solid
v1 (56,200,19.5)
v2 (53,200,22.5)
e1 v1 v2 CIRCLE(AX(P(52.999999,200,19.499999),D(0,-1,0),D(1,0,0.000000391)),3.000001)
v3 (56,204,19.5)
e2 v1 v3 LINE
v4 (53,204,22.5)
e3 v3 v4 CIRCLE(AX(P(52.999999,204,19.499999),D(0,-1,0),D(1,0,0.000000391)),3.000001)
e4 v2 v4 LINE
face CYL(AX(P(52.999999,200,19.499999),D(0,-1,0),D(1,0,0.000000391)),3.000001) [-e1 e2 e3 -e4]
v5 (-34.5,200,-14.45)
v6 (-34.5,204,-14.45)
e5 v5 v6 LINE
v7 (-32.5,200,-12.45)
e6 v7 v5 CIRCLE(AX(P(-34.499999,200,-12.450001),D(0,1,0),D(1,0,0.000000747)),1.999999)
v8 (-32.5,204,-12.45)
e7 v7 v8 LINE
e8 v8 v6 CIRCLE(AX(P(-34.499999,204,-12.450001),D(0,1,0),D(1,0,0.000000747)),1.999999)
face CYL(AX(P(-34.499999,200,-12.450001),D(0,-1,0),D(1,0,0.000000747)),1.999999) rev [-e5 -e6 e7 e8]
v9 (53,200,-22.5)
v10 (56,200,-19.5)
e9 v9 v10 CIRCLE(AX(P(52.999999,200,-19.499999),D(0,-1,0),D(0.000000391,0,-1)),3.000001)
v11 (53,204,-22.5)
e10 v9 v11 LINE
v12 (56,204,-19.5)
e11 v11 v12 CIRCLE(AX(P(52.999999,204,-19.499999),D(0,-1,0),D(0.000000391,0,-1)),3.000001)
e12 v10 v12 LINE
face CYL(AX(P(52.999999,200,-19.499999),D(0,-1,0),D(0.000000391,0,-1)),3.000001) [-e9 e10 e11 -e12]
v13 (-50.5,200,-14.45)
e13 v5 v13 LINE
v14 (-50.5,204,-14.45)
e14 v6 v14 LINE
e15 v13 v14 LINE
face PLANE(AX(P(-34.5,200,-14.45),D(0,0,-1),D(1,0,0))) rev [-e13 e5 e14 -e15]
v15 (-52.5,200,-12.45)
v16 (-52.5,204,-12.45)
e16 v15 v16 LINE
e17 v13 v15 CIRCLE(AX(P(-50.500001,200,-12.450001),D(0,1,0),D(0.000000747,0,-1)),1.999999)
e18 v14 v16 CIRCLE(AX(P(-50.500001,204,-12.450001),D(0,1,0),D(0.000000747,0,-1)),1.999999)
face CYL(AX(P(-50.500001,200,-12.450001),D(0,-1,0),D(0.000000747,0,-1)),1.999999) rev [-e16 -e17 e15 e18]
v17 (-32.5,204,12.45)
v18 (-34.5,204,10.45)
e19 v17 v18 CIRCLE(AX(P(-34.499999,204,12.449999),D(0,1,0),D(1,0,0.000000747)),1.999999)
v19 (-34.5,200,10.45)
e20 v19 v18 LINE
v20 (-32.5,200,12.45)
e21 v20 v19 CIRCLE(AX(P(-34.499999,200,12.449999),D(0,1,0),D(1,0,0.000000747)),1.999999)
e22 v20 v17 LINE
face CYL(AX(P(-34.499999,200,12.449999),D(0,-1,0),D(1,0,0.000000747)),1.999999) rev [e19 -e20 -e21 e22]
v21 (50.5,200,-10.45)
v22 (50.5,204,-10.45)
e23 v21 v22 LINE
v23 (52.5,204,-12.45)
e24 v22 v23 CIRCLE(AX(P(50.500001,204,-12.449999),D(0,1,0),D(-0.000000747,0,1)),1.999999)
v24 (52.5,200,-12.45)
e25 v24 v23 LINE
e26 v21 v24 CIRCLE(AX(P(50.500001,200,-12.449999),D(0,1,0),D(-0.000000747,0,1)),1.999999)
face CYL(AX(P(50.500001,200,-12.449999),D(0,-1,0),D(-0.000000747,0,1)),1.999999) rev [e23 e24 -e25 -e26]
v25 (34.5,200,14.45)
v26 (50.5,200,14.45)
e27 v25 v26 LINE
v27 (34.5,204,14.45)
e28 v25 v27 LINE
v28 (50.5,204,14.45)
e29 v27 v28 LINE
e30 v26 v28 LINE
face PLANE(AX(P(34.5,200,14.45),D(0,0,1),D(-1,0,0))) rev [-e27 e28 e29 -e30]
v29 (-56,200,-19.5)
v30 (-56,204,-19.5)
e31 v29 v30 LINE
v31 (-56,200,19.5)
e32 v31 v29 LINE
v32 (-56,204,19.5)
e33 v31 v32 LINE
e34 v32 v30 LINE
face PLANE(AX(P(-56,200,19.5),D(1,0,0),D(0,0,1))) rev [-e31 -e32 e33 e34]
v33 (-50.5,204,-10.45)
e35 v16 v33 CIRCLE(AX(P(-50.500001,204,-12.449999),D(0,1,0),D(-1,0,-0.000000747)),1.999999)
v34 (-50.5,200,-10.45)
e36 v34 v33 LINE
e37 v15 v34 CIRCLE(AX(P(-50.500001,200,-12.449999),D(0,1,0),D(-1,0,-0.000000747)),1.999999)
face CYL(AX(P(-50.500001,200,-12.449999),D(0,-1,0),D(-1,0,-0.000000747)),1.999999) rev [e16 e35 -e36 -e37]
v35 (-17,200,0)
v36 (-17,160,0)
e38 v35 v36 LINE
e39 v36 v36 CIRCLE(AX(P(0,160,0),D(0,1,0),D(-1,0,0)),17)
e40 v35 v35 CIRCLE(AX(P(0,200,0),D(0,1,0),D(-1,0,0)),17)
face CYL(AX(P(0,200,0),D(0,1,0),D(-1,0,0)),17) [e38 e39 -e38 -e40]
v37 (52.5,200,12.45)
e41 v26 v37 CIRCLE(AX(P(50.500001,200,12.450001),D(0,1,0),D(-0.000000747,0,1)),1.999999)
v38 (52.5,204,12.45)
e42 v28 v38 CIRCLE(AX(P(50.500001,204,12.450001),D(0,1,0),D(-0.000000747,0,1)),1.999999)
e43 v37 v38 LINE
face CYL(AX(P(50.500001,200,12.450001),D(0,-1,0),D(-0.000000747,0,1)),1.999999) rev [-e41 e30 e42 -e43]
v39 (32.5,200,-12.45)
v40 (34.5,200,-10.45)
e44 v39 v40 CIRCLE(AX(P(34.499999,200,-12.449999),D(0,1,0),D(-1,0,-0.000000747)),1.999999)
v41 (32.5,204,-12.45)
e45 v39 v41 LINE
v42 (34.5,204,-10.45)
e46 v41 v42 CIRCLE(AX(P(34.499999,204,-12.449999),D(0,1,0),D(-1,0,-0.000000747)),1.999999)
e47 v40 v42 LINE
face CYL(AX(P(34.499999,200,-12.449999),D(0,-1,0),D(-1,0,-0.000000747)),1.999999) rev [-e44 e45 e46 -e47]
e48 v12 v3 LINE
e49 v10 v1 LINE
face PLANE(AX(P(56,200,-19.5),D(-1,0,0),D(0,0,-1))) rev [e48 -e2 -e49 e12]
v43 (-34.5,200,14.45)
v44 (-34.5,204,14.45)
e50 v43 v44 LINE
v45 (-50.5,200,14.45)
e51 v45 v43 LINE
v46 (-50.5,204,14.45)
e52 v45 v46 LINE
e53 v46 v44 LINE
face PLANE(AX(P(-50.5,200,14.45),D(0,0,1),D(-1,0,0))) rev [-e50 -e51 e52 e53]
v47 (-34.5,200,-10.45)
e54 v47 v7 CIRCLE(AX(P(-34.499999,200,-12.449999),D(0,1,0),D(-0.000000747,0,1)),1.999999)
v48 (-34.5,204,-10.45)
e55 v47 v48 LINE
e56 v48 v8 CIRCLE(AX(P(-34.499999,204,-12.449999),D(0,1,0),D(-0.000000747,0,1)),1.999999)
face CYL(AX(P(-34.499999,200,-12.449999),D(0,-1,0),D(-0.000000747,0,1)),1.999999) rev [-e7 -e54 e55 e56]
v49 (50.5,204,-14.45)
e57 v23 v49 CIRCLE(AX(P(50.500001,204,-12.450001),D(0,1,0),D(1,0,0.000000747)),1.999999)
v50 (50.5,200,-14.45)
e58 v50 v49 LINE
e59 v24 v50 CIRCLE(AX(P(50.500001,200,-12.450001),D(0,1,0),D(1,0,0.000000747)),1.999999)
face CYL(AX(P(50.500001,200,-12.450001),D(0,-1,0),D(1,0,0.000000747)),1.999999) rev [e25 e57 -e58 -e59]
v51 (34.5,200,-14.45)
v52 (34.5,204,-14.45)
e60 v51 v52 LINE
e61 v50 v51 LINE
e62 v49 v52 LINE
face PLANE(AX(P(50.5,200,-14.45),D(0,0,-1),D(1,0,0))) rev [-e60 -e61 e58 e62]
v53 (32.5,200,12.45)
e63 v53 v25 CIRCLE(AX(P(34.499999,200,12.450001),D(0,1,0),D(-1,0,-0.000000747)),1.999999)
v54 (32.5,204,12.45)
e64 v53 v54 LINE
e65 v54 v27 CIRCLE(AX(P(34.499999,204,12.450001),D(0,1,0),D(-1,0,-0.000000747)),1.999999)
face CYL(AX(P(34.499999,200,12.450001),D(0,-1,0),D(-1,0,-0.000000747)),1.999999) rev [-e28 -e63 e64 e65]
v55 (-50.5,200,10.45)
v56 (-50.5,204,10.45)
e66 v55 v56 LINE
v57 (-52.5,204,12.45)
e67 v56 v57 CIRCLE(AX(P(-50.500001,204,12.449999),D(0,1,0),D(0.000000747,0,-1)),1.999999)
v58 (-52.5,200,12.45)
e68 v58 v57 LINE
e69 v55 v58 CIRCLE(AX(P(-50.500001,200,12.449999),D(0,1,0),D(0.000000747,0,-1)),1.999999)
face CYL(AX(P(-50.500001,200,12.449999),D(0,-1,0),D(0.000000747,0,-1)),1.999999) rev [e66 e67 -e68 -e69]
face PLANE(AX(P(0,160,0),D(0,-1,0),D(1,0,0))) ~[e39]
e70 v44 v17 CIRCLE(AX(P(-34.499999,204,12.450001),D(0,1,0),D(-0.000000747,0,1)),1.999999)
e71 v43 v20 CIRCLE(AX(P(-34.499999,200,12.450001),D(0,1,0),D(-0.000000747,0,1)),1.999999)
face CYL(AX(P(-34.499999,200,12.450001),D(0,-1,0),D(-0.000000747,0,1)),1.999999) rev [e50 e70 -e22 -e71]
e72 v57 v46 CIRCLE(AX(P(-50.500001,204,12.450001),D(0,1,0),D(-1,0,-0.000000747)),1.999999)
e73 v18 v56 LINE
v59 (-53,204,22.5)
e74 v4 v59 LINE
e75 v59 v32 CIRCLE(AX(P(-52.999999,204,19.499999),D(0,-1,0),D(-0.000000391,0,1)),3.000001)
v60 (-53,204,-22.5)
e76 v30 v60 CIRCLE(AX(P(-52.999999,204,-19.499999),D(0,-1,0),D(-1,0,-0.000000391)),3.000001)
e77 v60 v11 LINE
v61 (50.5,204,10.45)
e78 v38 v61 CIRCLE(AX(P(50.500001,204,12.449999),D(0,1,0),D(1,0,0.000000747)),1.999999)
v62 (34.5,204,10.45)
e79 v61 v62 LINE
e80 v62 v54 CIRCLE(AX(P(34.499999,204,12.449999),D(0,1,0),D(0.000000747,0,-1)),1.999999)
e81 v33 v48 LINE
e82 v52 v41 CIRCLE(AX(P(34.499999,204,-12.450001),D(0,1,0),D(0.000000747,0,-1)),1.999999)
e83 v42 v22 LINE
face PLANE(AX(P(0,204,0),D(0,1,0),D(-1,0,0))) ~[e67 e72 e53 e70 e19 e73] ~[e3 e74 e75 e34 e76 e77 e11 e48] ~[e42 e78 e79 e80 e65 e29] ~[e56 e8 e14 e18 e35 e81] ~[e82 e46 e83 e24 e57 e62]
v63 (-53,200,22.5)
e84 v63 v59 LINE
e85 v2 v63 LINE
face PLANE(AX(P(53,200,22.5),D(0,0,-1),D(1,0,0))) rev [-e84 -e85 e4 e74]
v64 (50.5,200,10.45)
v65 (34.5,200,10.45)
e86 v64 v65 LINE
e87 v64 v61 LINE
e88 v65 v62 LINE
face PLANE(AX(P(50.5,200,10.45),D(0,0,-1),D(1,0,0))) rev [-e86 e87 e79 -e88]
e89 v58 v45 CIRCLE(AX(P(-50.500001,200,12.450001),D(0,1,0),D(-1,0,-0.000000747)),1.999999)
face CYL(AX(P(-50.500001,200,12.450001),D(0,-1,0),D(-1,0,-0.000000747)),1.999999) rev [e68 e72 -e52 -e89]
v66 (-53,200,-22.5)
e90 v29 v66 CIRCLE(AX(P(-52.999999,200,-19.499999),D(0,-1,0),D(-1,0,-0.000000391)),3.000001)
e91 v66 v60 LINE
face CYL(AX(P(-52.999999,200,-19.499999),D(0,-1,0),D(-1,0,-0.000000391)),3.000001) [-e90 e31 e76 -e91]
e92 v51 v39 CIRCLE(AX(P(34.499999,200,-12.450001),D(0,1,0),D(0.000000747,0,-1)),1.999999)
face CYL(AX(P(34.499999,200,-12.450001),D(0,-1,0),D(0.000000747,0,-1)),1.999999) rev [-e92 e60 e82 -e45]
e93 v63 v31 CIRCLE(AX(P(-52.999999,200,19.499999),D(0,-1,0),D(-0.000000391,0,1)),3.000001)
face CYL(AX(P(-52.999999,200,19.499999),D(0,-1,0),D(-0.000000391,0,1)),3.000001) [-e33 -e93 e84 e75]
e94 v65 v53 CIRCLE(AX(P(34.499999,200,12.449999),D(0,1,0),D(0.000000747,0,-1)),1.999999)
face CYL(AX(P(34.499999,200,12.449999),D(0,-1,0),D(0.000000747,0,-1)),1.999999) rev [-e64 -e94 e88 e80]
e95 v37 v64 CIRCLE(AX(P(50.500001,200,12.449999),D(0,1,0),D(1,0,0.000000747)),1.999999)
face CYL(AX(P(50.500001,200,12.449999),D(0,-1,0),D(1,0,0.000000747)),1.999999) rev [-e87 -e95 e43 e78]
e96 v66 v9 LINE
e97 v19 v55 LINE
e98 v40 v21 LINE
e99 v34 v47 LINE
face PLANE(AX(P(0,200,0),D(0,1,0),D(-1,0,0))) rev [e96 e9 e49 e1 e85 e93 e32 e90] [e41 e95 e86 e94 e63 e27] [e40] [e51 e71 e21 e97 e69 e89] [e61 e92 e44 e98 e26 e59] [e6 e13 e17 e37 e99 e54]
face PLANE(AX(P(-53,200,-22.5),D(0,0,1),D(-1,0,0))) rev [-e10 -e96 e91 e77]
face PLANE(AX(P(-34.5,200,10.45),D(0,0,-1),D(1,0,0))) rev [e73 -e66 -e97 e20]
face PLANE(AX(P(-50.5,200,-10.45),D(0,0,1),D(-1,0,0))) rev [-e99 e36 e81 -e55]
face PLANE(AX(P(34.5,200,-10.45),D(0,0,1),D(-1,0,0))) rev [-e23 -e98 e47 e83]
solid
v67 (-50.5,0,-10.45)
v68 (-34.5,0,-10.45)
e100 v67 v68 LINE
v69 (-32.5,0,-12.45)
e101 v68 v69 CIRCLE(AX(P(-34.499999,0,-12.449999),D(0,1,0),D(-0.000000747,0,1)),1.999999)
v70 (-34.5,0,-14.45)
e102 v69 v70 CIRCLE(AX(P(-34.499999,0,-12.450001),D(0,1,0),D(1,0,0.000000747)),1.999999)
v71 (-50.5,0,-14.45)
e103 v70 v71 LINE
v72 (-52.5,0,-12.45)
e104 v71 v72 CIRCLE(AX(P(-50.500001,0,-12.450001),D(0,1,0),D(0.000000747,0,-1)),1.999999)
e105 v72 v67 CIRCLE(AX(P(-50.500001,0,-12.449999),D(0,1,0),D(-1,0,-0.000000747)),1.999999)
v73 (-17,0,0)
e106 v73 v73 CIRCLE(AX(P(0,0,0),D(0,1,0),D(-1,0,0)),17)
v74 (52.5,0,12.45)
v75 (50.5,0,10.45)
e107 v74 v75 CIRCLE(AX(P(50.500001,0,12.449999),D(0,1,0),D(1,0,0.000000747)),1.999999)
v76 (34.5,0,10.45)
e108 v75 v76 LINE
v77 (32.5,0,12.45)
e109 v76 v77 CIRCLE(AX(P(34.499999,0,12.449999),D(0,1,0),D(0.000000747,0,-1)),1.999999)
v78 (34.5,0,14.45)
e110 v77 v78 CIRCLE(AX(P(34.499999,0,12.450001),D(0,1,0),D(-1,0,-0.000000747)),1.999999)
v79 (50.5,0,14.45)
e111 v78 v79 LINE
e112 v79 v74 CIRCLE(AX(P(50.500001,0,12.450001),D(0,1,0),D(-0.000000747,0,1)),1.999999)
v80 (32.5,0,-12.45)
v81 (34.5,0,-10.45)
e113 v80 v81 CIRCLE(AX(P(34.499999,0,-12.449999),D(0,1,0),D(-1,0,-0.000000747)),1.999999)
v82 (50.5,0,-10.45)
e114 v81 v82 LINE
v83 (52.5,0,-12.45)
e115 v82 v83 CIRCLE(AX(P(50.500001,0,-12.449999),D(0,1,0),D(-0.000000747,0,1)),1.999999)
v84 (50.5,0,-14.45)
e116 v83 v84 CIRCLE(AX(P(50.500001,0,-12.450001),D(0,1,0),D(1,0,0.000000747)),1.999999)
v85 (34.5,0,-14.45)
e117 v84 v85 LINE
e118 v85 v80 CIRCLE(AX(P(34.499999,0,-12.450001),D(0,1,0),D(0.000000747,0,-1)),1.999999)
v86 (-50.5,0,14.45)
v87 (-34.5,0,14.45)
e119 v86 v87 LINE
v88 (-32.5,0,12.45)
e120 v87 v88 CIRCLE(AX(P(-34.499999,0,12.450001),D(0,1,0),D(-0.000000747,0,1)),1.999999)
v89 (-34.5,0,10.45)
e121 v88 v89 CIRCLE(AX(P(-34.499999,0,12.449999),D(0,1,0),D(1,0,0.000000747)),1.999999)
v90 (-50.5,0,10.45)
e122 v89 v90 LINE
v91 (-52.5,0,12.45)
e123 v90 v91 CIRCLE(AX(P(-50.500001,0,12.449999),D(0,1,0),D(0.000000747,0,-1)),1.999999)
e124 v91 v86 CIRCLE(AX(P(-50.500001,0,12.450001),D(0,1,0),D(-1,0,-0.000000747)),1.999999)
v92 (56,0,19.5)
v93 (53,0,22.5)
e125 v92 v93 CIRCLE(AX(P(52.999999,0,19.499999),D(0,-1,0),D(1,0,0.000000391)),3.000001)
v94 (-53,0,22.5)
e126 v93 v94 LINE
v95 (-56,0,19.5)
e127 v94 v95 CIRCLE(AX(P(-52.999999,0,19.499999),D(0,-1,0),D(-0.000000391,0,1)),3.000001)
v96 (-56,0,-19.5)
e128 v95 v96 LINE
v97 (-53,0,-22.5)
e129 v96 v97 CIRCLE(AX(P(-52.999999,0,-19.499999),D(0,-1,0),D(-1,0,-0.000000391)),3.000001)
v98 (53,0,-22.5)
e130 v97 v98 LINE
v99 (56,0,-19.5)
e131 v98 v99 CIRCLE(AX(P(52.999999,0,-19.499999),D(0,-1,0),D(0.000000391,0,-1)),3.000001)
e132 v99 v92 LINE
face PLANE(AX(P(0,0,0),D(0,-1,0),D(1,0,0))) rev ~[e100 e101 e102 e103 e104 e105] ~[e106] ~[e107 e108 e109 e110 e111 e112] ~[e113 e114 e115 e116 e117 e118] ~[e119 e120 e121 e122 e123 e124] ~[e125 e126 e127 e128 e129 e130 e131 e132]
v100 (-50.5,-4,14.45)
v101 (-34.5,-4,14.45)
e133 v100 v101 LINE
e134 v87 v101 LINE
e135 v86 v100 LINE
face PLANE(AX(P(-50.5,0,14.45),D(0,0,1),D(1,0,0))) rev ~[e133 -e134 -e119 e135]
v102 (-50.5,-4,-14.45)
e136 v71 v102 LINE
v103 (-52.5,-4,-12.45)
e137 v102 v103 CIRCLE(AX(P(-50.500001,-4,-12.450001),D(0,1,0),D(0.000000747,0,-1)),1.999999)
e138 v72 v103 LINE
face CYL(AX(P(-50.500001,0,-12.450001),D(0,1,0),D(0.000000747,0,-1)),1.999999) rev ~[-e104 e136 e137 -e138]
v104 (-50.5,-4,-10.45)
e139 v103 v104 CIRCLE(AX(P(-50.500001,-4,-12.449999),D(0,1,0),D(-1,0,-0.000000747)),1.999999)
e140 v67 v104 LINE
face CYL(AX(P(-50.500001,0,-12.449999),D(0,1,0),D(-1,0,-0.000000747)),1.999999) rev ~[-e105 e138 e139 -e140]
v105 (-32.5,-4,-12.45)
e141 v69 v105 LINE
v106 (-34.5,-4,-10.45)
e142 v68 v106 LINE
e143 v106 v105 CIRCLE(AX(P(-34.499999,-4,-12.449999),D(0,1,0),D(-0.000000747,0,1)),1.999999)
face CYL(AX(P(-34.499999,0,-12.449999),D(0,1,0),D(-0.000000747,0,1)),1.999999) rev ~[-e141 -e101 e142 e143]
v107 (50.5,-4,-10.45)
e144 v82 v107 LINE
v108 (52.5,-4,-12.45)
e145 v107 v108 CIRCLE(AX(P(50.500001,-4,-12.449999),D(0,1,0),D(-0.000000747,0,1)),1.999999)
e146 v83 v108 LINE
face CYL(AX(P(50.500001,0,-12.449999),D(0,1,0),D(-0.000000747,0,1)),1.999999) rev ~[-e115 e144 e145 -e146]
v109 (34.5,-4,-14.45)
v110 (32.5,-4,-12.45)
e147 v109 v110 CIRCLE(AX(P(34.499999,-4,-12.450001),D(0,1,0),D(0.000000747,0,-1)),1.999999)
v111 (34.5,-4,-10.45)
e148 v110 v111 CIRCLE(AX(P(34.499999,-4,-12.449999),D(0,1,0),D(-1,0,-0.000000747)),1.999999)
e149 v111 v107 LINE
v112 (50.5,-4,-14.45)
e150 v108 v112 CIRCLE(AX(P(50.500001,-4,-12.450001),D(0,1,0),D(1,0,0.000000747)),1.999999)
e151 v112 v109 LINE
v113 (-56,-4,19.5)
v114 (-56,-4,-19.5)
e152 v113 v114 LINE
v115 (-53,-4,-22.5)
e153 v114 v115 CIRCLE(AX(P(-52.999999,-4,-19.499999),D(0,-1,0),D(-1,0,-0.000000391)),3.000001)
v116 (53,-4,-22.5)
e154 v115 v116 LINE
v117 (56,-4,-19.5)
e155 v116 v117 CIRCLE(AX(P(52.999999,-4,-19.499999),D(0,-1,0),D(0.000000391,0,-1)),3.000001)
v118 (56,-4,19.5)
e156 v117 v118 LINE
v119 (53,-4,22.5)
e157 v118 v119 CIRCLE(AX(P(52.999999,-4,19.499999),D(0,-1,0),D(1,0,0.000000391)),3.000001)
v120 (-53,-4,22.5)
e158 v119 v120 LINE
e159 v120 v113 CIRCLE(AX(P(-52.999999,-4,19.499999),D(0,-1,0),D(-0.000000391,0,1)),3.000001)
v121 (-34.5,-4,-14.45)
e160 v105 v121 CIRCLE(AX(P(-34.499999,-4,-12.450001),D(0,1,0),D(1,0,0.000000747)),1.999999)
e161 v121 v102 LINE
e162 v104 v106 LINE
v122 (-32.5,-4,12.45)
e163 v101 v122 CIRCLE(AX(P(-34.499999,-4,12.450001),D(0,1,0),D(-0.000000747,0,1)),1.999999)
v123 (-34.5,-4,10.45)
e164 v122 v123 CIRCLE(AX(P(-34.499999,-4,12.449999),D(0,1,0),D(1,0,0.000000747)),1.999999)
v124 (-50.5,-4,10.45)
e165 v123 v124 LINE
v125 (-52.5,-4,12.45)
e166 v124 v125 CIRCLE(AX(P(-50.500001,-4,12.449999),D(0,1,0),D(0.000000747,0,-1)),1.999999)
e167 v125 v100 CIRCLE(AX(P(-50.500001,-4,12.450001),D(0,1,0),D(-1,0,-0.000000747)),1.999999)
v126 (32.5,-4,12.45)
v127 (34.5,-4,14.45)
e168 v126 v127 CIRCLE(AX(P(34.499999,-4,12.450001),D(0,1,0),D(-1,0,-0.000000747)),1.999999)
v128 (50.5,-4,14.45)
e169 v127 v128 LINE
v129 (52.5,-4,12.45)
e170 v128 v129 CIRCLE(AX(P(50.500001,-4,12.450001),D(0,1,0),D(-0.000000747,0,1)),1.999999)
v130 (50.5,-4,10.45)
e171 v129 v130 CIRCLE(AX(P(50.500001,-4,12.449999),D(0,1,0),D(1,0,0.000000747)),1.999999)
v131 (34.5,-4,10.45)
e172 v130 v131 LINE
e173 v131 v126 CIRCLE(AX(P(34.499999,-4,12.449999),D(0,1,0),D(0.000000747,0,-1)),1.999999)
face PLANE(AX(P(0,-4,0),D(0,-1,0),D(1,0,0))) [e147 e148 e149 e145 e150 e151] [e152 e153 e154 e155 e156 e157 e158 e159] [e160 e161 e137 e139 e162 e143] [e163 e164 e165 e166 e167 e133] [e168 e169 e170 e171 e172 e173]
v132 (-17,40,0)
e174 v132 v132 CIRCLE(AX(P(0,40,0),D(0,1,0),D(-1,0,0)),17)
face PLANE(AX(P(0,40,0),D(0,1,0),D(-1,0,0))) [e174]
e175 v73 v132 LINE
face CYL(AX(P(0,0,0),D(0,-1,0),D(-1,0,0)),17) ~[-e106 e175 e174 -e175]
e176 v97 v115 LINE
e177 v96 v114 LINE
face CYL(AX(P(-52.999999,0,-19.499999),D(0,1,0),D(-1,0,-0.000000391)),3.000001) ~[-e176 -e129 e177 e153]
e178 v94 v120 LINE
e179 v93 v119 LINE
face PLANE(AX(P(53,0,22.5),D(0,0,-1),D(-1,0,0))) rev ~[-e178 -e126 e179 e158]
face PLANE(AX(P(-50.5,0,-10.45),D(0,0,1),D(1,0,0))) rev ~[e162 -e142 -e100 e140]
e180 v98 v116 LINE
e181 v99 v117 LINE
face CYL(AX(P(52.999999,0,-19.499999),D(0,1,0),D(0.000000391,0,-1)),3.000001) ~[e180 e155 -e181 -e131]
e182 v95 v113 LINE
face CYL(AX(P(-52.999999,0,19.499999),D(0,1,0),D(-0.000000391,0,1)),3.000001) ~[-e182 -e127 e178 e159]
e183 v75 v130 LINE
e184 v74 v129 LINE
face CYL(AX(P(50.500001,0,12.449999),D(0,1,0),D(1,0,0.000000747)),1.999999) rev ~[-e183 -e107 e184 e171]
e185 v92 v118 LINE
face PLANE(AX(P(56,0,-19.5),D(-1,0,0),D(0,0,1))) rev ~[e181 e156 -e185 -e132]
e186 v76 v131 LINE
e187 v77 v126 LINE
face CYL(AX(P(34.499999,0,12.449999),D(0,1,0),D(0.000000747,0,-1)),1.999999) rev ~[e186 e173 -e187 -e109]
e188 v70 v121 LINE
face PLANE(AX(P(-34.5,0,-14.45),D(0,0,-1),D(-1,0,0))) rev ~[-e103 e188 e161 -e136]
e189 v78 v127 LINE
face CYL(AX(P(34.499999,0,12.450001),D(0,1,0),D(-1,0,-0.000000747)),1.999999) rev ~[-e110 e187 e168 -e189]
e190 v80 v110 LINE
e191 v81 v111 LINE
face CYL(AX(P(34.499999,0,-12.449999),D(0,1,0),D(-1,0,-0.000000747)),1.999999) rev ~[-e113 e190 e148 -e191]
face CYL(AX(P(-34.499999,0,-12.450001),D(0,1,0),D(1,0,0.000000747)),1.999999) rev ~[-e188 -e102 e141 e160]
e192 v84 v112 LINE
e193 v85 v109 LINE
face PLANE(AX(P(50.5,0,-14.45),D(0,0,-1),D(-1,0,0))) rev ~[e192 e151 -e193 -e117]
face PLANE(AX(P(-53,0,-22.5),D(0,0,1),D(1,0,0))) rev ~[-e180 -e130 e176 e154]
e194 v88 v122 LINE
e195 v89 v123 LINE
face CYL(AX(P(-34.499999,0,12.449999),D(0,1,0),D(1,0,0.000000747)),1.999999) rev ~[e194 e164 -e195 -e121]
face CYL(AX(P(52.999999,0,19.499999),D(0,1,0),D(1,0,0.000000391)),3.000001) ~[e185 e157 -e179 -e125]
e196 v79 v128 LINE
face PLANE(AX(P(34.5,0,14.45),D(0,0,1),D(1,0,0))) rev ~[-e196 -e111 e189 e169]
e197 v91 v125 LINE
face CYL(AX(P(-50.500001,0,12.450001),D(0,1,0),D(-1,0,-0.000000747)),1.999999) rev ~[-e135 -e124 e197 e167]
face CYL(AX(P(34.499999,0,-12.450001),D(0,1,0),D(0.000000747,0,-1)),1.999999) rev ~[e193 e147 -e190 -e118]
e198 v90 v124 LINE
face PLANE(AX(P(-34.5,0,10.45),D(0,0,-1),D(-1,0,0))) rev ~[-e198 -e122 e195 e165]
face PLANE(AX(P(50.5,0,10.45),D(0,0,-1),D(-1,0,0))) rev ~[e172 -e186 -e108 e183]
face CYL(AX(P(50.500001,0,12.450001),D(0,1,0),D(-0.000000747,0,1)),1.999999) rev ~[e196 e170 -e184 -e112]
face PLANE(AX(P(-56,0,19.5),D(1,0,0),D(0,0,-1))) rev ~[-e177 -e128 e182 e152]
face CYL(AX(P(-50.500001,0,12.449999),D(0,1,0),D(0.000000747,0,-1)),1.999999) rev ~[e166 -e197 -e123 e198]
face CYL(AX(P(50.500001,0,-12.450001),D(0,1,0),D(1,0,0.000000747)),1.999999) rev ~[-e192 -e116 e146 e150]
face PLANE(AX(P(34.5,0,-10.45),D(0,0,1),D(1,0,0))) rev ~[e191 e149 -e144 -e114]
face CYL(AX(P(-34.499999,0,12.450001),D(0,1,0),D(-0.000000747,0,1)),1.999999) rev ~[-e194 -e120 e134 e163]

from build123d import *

# Parameters (mm, degrees)
F1_DEPTH = 4
F2_R     = 17
F3_DEPTH = 40


with BuildPart() as f1:
    # F0 (on Front) → F1 (new body)
    with BuildSketch(Plane.XZ):
        with BuildLine():
            ThreePointArc((56, 19.5), (55.12132, 21.62132), (53, 22.5))
            Line((53, 22.5), (-53, 22.5))
            ThreePointArc((-53, 22.5), (-55.12132, 21.62132), (-56, 19.5))
            Line((-56, 19.5), (-56, -19.5))
            ThreePointArc((-56, -19.5), (-55.12132, -21.62132), (-53, -22.5))
            Line((-53, -22.5), (53, -22.5))
            ThreePointArc((53, -22.5), (55.12132, -21.62132), (56, -19.5))
            Line((56, -19.5), (56, 19.5))
        make_face()
        with BuildLine():
            ThreePointArc((-34.5, -10.45), (-33.085786, -11.035786), (-32.5, -12.45))
            ThreePointArc((-32.5, -12.45), (-33.085786, -13.864214), (-34.5, -14.45))
            Line((-34.5, -14.45), (-50.5, -14.45))
            ThreePointArc((-50.5, -14.45), (-51.914214, -13.864214), (-52.5, -12.45))
            ThreePointArc((-52.5, -12.45), (-51.914214, -11.035786), (-50.5, -10.45))
            Line((-50.5, -10.45), (-34.5, -10.45))
        make_face(mode=Mode.SUBTRACT)
        with BuildLine():
            ThreePointArc((32.5, -12.45), (33.085786, -11.035786), (34.5, -10.45))
            Line((34.5, -10.45), (50.5, -10.45))
            ThreePointArc((50.5, -10.45), (51.914214, -11.035786), (52.5, -12.45))
            ThreePointArc((52.5, -12.45), (51.914214, -13.864214), (50.5, -14.45))
            Line((50.5, -14.45), (34.5, -14.45))
            ThreePointArc((34.5, -14.45), (33.085786, -13.864214), (32.5, -12.45))
        make_face(mode=Mode.SUBTRACT)
        with BuildLine():
            Line((-34.5, 10.45), (-50.5, 10.45))
            ThreePointArc((-50.5, 10.45), (-51.914214, 11.035786), (-52.5, 12.45))
            ThreePointArc((-52.5, 12.45), (-51.914214, 13.864214), (-50.5, 14.45))
            Line((-50.5, 14.45), (-34.5, 14.45))
            ThreePointArc((-34.5, 14.45), (-33.085786, 13.864214), (-32.5, 12.45))
            ThreePointArc((-32.5, 12.45), (-33.085786, 11.035786), (-34.5, 10.45))
        make_face(mode=Mode.SUBTRACT)
        with BuildLine():
            ThreePointArc((32.5, 12.45), (33.085786, 13.864214), (34.5, 14.45))
            Line((34.5, 14.45), (50.5, 14.45))
            ThreePointArc((50.5, 14.45), (51.914214, 13.864214), (52.5, 12.45))
            ThreePointArc((52.5, 12.45), (51.914214, 11.035786), (50.5, 10.45))
            Line((50.5, 10.45), (34.5, 10.45))
            ThreePointArc((34.5, 10.45), (33.085786, 11.035786), (32.5, 12.45))
        make_face(mode=Mode.SUBTRACT)
    extrude(amount=F1_DEPTH)

    # F2 (on face) → F3 (join)
    with BuildSketch(Plane(origin=(0, 0, 0), x_dir=(-1, 0, 0), z_dir=(0, 1, 0))):
        Circle(F2_R)
    extrude(amount=F3_DEPTH)


with BuildPart() as f5_1:
    # F5: instance of F1
    add(f1.part.mirror(Plane(origin=(0, 100, 0), x_dir=(1, 0, 0), z_dir=(0, 1, 0))))


solid = Compound([f1.part, f5_1.part])
